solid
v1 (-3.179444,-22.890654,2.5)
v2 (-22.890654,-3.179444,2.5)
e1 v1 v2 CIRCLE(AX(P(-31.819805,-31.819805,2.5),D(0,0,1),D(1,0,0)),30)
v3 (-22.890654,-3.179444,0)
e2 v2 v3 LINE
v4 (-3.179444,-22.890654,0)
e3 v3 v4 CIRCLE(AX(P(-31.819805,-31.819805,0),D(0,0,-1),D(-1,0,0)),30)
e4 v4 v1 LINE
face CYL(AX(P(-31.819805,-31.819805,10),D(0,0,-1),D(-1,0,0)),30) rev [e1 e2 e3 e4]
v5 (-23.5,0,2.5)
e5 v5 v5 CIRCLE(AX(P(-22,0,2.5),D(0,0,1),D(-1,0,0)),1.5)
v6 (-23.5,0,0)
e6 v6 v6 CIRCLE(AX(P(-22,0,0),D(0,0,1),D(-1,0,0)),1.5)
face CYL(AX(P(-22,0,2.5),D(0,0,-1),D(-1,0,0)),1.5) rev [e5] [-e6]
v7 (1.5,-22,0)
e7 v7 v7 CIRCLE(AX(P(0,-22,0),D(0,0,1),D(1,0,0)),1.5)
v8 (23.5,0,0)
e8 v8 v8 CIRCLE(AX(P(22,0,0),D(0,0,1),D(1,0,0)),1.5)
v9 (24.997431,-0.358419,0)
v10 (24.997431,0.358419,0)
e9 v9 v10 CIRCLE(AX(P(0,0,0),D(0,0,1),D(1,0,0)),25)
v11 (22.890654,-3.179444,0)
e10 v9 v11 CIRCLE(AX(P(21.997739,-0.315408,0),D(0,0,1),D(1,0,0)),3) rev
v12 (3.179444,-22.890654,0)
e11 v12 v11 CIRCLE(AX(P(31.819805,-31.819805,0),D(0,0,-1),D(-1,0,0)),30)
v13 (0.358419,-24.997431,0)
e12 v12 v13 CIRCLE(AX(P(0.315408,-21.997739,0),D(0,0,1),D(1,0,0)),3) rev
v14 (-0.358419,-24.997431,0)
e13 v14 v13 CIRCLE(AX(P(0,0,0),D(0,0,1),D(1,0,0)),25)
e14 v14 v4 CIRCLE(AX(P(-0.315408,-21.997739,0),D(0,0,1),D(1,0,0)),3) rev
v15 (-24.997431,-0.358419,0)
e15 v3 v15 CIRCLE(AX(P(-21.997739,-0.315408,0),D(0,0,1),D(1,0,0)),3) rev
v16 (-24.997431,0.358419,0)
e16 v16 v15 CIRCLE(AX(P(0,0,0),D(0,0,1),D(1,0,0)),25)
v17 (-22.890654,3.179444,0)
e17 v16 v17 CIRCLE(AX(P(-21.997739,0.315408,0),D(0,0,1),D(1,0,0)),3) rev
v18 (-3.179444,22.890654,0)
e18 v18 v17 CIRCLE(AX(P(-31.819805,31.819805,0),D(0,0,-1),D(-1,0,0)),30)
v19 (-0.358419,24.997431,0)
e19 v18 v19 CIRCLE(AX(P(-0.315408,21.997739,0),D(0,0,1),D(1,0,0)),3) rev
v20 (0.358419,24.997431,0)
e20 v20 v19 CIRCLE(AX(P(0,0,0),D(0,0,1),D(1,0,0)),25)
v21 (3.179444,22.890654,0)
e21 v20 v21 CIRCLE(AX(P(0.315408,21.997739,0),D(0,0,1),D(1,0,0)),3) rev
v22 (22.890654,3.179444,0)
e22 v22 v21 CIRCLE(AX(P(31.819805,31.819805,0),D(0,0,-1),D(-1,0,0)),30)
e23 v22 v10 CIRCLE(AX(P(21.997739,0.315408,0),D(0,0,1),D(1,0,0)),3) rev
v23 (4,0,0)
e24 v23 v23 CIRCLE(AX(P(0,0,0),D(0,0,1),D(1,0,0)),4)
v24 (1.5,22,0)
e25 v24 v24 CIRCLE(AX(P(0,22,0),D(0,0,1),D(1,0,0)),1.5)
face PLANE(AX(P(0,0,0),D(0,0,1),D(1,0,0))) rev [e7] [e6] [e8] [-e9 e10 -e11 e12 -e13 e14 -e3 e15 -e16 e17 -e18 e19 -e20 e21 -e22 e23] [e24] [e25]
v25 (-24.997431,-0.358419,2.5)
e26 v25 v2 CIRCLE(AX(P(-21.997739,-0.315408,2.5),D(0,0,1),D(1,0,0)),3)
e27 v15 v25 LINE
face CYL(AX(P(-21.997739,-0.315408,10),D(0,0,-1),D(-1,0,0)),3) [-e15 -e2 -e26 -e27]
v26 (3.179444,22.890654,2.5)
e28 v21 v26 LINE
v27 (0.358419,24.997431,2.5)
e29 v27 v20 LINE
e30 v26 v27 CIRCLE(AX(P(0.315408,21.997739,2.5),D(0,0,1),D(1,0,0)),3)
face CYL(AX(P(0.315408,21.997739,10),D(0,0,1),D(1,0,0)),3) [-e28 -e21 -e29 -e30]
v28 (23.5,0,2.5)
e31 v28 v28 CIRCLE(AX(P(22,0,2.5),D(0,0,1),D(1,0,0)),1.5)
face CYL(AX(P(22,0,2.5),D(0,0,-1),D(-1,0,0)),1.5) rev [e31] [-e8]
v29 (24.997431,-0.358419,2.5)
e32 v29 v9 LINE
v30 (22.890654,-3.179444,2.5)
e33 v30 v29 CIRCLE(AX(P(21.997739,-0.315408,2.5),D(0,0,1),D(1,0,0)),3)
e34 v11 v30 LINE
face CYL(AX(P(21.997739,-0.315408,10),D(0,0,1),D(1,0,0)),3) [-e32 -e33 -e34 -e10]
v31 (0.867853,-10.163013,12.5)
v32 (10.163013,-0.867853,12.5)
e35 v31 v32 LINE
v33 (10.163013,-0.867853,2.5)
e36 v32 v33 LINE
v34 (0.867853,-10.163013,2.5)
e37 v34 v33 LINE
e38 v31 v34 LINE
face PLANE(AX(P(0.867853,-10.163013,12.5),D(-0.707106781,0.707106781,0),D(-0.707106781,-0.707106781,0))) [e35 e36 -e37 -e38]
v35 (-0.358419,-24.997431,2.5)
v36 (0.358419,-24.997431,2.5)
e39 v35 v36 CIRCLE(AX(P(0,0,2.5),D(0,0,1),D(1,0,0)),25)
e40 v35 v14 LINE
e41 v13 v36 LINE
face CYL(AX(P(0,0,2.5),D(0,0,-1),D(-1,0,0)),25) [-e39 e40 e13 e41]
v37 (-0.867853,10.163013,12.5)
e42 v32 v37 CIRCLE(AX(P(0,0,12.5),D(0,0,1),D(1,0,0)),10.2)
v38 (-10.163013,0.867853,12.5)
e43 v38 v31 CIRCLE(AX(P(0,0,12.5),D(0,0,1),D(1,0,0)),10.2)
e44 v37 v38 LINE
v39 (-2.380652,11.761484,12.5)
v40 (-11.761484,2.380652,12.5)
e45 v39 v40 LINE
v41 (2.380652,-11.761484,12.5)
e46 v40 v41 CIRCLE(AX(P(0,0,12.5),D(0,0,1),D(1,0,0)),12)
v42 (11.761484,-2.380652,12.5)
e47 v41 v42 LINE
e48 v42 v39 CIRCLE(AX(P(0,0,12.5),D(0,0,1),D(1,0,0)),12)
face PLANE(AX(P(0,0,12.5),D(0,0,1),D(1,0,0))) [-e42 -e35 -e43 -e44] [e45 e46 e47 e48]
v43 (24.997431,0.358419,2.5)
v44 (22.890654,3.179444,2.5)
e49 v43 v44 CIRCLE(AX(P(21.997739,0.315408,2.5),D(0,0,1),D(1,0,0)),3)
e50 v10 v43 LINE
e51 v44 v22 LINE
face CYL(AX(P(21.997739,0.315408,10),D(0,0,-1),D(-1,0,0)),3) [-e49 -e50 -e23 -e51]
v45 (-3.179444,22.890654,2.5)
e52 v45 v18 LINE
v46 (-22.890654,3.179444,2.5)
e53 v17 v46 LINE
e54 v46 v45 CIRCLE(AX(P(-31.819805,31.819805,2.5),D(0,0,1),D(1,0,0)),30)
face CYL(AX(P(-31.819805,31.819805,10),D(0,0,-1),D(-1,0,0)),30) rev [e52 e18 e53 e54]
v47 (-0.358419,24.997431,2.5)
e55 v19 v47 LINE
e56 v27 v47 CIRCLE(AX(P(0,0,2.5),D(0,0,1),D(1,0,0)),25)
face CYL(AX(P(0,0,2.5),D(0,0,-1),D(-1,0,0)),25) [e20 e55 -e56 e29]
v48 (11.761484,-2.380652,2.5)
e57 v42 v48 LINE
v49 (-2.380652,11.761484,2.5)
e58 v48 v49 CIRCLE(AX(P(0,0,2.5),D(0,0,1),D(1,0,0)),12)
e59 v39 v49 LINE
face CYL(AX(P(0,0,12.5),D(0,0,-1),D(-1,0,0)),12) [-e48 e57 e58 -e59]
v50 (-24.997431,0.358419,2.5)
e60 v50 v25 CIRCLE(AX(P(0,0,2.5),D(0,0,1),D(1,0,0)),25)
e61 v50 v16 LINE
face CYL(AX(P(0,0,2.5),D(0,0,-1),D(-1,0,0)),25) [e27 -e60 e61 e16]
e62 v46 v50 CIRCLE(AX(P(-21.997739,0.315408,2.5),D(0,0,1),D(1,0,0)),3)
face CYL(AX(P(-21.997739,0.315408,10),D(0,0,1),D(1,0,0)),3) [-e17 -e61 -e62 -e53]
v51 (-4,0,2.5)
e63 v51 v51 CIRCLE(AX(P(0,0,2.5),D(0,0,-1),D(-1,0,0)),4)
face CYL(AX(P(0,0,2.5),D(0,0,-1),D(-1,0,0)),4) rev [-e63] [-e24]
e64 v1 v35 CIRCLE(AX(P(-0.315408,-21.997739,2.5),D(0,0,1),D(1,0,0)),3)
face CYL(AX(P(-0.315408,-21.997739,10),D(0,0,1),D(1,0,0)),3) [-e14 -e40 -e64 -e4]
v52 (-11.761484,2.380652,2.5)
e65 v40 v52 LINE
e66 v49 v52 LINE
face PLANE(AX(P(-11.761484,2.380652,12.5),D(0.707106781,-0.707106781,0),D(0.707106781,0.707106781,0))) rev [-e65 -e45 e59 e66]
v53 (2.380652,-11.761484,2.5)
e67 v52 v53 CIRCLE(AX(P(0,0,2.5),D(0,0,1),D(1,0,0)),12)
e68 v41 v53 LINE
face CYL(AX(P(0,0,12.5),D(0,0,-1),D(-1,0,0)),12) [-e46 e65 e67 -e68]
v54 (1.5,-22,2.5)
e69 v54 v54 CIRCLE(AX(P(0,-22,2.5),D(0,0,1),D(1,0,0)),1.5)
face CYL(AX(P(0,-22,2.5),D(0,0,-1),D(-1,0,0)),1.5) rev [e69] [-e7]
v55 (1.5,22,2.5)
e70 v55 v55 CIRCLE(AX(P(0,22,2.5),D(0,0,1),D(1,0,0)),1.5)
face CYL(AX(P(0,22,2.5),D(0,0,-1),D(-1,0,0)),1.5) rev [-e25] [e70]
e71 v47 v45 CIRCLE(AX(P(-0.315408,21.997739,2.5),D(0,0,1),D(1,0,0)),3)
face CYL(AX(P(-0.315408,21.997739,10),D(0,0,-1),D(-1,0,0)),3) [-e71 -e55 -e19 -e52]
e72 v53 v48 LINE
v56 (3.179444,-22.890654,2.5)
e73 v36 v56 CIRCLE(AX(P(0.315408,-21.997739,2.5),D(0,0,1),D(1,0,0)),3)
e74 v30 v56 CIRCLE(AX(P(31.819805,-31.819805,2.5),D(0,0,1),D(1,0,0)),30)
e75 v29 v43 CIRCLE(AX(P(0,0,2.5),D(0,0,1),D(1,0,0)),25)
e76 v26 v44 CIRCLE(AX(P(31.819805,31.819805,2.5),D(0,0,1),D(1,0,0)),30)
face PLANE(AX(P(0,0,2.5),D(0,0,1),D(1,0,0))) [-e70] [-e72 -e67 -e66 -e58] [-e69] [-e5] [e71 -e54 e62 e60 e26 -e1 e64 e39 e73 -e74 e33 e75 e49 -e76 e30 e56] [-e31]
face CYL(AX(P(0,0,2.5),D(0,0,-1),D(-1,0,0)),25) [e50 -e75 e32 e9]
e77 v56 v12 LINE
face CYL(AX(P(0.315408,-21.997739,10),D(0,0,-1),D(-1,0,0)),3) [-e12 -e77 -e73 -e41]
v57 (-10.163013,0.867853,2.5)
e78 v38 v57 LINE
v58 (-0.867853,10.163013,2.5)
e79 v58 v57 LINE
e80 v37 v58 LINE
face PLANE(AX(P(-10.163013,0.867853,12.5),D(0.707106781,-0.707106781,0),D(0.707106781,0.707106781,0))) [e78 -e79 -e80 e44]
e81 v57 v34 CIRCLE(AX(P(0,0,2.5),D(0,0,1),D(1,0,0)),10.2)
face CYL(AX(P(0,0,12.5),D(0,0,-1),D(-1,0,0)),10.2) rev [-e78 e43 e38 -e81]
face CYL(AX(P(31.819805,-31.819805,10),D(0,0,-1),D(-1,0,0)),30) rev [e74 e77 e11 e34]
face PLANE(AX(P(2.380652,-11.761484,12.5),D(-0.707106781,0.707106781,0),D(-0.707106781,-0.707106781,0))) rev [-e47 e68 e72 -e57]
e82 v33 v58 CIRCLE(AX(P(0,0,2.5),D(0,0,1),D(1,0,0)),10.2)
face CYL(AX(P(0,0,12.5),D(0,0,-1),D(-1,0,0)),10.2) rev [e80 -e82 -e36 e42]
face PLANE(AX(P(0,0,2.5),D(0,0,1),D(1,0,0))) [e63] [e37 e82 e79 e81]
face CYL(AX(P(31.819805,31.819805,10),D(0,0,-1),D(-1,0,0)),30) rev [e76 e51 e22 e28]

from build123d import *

# Parameters (mm, degrees)
SKETCH_1_R               = 25
SKETCH_1_R_2             = 1.5
EXTRUDE_1_DEPTH          = 2.5
CUT_EXTRUDE_2_DEPTH      = 36.443617197
CUT_EXTRUDE_2_DEPTH_BACK = 36.443617197
SKETCH_3_R               = 4
CUT_EXTRUDE_5_DEPTH      = 10
FILLET_2_R               = 3
EXTRUDE_2_DEPTH          = 10


with BuildPart() as part:
    # 草图1 → 凸台-拉伸1 (new body)
    with BuildSketch(Plane.XY):
        Circle(SKETCH_1_R)
        with Locations((0, 22)):
            Circle(SKETCH_1_R_2, mode=Mode.SUBTRACT)
        with Locations((22, 0)):
            Circle(SKETCH_1_R_2, mode=Mode.SUBTRACT)
        with Locations((0, -22)):
            Circle(SKETCH_1_R_2, mode=Mode.SUBTRACT)
        with Locations(Location((-22, 0, 0), (0, 0, 180))):
            Circle(SKETCH_1_R_2, mode=Mode.SUBTRACT)
    extrude(amount=EXTRUDE_1_DEPTH)

    # 草图3 → 切除-拉伸2 (cut, two sides: drawn at the far end of the back side and taken through both)
    with BuildSketch(Plane(origin=(0, 0, 0), x_dir=(-1, 0, 0), z_dir=(0, 0, -1)).offset(-CUT_EXTRUDE_2_DEPTH_BACK)):
        Circle(SKETCH_3_R)
    extrude(amount=CUT_EXTRUDE_2_DEPTH + CUT_EXTRUDE_2_DEPTH_BACK, mode=Mode.SUBTRACT)

    # 草图5 → 切除-拉伸5 (cut)
    with BuildSketch(Plane(origin=(0, 0, 0), x_dir=(-1, 0, 0), z_dir=(0, 0, -1))):
        with BuildLine():
            ThreePointArc((-2.638187412, 24.860409634), (-17.67766953, 17.67766953), (-24.860409634, 2.638187412))
            ThreePointArc((-24.860409634, 2.638187412), (-10.606601718, 10.606601718), (-2.638187412, 24.860409634))
        make_face()
        with BuildLine():
            ThreePointArc((-2.638187412, -24.860409634), (-10.606601718, -10.606601718), (-24.860409634, -2.638187412))
            ThreePointArc((-24.860409634, -2.638187412), (-17.67766953, -17.67766953), (-2.638187412, -24.860409634))
        make_face()
        with BuildLine():
            ThreePointArc((24.860409634, -2.638187412), (10.606601718, -10.606601718), (2.638187412, -24.860409634))
            ThreePointArc((2.638187412, -24.860409634), (17.67766953, -17.67766953), (24.860409634, -2.638187412))
        make_face()
        with BuildLine():
            ThreePointArc((24.860409634, 2.638187412), (17.67766953, 17.67766953), (2.638187412, 24.860409634))
            ThreePointArc((2.638187412, 24.860409634), (10.606601718, 10.606601718), (24.860409634, 2.638187412))
        make_face()
    extrude(amount=-CUT_EXTRUDE_5_DEPTH, mode=Mode.SUBTRACT)

    # 圆角2
    fillet_2_edges = [part.edges().sort_by_distance(p)[0] for p in [
        (2.638187412, 24.860409634, 1.25),
        (24.860409634, 2.638187412, 1.25),
        (24.860409634, -2.638187412, 1.25),
        (2.638187412, -24.860409634, 1.25),
        (-2.638187412, -24.860409634, 1.25),
        (-24.860409634, -2.638187412, 1.25),
        (-24.860409634, 2.638187412, 1.25),
        (-2.638187412, 24.860409634, 1.25),
    ]]
    fillet(fillet_2_edges, radius=FILLET_2_R)

    # 草图6 → 凸台-拉伸2 (add)
    with BuildSketch(Plane.XY.offset(2.5)):
        with BuildLine():
            Line((-11.761483572, 2.380652052), (-2.380652052, 11.761483572))
            ThreePointArc((-2.380652052, 11.761483572), (8.485281374, 8.485281374), (11.761483572, -2.380652052))
            Line((11.761483572, -2.380652052), (2.380652052, -11.761483572))
            ThreePointArc((2.380652052, -11.761483572), (-8.485281374, -8.485281374), (-11.761483572, 2.380652052))
        make_face()
        with BuildLine():
            Line((-10.163012909, 0.867852878), (-0.867852878, 10.163012909))
            ThreePointArc((-0.867852878, 10.163012909), (7.212489168, 7.212489168), (10.163012909, -0.867852878))
            Line((10.163012909, -0.867852878), (0.867852878, -10.163012909))
            ThreePointArc((0.867852878, -10.163012909), (-7.212489168, -7.212489168), (-10.163012909, 0.867852878))
        make_face(mode=Mode.SUBTRACT)
    extrude(amount=EXTRUDE_2_DEPTH)


solid = part.part
